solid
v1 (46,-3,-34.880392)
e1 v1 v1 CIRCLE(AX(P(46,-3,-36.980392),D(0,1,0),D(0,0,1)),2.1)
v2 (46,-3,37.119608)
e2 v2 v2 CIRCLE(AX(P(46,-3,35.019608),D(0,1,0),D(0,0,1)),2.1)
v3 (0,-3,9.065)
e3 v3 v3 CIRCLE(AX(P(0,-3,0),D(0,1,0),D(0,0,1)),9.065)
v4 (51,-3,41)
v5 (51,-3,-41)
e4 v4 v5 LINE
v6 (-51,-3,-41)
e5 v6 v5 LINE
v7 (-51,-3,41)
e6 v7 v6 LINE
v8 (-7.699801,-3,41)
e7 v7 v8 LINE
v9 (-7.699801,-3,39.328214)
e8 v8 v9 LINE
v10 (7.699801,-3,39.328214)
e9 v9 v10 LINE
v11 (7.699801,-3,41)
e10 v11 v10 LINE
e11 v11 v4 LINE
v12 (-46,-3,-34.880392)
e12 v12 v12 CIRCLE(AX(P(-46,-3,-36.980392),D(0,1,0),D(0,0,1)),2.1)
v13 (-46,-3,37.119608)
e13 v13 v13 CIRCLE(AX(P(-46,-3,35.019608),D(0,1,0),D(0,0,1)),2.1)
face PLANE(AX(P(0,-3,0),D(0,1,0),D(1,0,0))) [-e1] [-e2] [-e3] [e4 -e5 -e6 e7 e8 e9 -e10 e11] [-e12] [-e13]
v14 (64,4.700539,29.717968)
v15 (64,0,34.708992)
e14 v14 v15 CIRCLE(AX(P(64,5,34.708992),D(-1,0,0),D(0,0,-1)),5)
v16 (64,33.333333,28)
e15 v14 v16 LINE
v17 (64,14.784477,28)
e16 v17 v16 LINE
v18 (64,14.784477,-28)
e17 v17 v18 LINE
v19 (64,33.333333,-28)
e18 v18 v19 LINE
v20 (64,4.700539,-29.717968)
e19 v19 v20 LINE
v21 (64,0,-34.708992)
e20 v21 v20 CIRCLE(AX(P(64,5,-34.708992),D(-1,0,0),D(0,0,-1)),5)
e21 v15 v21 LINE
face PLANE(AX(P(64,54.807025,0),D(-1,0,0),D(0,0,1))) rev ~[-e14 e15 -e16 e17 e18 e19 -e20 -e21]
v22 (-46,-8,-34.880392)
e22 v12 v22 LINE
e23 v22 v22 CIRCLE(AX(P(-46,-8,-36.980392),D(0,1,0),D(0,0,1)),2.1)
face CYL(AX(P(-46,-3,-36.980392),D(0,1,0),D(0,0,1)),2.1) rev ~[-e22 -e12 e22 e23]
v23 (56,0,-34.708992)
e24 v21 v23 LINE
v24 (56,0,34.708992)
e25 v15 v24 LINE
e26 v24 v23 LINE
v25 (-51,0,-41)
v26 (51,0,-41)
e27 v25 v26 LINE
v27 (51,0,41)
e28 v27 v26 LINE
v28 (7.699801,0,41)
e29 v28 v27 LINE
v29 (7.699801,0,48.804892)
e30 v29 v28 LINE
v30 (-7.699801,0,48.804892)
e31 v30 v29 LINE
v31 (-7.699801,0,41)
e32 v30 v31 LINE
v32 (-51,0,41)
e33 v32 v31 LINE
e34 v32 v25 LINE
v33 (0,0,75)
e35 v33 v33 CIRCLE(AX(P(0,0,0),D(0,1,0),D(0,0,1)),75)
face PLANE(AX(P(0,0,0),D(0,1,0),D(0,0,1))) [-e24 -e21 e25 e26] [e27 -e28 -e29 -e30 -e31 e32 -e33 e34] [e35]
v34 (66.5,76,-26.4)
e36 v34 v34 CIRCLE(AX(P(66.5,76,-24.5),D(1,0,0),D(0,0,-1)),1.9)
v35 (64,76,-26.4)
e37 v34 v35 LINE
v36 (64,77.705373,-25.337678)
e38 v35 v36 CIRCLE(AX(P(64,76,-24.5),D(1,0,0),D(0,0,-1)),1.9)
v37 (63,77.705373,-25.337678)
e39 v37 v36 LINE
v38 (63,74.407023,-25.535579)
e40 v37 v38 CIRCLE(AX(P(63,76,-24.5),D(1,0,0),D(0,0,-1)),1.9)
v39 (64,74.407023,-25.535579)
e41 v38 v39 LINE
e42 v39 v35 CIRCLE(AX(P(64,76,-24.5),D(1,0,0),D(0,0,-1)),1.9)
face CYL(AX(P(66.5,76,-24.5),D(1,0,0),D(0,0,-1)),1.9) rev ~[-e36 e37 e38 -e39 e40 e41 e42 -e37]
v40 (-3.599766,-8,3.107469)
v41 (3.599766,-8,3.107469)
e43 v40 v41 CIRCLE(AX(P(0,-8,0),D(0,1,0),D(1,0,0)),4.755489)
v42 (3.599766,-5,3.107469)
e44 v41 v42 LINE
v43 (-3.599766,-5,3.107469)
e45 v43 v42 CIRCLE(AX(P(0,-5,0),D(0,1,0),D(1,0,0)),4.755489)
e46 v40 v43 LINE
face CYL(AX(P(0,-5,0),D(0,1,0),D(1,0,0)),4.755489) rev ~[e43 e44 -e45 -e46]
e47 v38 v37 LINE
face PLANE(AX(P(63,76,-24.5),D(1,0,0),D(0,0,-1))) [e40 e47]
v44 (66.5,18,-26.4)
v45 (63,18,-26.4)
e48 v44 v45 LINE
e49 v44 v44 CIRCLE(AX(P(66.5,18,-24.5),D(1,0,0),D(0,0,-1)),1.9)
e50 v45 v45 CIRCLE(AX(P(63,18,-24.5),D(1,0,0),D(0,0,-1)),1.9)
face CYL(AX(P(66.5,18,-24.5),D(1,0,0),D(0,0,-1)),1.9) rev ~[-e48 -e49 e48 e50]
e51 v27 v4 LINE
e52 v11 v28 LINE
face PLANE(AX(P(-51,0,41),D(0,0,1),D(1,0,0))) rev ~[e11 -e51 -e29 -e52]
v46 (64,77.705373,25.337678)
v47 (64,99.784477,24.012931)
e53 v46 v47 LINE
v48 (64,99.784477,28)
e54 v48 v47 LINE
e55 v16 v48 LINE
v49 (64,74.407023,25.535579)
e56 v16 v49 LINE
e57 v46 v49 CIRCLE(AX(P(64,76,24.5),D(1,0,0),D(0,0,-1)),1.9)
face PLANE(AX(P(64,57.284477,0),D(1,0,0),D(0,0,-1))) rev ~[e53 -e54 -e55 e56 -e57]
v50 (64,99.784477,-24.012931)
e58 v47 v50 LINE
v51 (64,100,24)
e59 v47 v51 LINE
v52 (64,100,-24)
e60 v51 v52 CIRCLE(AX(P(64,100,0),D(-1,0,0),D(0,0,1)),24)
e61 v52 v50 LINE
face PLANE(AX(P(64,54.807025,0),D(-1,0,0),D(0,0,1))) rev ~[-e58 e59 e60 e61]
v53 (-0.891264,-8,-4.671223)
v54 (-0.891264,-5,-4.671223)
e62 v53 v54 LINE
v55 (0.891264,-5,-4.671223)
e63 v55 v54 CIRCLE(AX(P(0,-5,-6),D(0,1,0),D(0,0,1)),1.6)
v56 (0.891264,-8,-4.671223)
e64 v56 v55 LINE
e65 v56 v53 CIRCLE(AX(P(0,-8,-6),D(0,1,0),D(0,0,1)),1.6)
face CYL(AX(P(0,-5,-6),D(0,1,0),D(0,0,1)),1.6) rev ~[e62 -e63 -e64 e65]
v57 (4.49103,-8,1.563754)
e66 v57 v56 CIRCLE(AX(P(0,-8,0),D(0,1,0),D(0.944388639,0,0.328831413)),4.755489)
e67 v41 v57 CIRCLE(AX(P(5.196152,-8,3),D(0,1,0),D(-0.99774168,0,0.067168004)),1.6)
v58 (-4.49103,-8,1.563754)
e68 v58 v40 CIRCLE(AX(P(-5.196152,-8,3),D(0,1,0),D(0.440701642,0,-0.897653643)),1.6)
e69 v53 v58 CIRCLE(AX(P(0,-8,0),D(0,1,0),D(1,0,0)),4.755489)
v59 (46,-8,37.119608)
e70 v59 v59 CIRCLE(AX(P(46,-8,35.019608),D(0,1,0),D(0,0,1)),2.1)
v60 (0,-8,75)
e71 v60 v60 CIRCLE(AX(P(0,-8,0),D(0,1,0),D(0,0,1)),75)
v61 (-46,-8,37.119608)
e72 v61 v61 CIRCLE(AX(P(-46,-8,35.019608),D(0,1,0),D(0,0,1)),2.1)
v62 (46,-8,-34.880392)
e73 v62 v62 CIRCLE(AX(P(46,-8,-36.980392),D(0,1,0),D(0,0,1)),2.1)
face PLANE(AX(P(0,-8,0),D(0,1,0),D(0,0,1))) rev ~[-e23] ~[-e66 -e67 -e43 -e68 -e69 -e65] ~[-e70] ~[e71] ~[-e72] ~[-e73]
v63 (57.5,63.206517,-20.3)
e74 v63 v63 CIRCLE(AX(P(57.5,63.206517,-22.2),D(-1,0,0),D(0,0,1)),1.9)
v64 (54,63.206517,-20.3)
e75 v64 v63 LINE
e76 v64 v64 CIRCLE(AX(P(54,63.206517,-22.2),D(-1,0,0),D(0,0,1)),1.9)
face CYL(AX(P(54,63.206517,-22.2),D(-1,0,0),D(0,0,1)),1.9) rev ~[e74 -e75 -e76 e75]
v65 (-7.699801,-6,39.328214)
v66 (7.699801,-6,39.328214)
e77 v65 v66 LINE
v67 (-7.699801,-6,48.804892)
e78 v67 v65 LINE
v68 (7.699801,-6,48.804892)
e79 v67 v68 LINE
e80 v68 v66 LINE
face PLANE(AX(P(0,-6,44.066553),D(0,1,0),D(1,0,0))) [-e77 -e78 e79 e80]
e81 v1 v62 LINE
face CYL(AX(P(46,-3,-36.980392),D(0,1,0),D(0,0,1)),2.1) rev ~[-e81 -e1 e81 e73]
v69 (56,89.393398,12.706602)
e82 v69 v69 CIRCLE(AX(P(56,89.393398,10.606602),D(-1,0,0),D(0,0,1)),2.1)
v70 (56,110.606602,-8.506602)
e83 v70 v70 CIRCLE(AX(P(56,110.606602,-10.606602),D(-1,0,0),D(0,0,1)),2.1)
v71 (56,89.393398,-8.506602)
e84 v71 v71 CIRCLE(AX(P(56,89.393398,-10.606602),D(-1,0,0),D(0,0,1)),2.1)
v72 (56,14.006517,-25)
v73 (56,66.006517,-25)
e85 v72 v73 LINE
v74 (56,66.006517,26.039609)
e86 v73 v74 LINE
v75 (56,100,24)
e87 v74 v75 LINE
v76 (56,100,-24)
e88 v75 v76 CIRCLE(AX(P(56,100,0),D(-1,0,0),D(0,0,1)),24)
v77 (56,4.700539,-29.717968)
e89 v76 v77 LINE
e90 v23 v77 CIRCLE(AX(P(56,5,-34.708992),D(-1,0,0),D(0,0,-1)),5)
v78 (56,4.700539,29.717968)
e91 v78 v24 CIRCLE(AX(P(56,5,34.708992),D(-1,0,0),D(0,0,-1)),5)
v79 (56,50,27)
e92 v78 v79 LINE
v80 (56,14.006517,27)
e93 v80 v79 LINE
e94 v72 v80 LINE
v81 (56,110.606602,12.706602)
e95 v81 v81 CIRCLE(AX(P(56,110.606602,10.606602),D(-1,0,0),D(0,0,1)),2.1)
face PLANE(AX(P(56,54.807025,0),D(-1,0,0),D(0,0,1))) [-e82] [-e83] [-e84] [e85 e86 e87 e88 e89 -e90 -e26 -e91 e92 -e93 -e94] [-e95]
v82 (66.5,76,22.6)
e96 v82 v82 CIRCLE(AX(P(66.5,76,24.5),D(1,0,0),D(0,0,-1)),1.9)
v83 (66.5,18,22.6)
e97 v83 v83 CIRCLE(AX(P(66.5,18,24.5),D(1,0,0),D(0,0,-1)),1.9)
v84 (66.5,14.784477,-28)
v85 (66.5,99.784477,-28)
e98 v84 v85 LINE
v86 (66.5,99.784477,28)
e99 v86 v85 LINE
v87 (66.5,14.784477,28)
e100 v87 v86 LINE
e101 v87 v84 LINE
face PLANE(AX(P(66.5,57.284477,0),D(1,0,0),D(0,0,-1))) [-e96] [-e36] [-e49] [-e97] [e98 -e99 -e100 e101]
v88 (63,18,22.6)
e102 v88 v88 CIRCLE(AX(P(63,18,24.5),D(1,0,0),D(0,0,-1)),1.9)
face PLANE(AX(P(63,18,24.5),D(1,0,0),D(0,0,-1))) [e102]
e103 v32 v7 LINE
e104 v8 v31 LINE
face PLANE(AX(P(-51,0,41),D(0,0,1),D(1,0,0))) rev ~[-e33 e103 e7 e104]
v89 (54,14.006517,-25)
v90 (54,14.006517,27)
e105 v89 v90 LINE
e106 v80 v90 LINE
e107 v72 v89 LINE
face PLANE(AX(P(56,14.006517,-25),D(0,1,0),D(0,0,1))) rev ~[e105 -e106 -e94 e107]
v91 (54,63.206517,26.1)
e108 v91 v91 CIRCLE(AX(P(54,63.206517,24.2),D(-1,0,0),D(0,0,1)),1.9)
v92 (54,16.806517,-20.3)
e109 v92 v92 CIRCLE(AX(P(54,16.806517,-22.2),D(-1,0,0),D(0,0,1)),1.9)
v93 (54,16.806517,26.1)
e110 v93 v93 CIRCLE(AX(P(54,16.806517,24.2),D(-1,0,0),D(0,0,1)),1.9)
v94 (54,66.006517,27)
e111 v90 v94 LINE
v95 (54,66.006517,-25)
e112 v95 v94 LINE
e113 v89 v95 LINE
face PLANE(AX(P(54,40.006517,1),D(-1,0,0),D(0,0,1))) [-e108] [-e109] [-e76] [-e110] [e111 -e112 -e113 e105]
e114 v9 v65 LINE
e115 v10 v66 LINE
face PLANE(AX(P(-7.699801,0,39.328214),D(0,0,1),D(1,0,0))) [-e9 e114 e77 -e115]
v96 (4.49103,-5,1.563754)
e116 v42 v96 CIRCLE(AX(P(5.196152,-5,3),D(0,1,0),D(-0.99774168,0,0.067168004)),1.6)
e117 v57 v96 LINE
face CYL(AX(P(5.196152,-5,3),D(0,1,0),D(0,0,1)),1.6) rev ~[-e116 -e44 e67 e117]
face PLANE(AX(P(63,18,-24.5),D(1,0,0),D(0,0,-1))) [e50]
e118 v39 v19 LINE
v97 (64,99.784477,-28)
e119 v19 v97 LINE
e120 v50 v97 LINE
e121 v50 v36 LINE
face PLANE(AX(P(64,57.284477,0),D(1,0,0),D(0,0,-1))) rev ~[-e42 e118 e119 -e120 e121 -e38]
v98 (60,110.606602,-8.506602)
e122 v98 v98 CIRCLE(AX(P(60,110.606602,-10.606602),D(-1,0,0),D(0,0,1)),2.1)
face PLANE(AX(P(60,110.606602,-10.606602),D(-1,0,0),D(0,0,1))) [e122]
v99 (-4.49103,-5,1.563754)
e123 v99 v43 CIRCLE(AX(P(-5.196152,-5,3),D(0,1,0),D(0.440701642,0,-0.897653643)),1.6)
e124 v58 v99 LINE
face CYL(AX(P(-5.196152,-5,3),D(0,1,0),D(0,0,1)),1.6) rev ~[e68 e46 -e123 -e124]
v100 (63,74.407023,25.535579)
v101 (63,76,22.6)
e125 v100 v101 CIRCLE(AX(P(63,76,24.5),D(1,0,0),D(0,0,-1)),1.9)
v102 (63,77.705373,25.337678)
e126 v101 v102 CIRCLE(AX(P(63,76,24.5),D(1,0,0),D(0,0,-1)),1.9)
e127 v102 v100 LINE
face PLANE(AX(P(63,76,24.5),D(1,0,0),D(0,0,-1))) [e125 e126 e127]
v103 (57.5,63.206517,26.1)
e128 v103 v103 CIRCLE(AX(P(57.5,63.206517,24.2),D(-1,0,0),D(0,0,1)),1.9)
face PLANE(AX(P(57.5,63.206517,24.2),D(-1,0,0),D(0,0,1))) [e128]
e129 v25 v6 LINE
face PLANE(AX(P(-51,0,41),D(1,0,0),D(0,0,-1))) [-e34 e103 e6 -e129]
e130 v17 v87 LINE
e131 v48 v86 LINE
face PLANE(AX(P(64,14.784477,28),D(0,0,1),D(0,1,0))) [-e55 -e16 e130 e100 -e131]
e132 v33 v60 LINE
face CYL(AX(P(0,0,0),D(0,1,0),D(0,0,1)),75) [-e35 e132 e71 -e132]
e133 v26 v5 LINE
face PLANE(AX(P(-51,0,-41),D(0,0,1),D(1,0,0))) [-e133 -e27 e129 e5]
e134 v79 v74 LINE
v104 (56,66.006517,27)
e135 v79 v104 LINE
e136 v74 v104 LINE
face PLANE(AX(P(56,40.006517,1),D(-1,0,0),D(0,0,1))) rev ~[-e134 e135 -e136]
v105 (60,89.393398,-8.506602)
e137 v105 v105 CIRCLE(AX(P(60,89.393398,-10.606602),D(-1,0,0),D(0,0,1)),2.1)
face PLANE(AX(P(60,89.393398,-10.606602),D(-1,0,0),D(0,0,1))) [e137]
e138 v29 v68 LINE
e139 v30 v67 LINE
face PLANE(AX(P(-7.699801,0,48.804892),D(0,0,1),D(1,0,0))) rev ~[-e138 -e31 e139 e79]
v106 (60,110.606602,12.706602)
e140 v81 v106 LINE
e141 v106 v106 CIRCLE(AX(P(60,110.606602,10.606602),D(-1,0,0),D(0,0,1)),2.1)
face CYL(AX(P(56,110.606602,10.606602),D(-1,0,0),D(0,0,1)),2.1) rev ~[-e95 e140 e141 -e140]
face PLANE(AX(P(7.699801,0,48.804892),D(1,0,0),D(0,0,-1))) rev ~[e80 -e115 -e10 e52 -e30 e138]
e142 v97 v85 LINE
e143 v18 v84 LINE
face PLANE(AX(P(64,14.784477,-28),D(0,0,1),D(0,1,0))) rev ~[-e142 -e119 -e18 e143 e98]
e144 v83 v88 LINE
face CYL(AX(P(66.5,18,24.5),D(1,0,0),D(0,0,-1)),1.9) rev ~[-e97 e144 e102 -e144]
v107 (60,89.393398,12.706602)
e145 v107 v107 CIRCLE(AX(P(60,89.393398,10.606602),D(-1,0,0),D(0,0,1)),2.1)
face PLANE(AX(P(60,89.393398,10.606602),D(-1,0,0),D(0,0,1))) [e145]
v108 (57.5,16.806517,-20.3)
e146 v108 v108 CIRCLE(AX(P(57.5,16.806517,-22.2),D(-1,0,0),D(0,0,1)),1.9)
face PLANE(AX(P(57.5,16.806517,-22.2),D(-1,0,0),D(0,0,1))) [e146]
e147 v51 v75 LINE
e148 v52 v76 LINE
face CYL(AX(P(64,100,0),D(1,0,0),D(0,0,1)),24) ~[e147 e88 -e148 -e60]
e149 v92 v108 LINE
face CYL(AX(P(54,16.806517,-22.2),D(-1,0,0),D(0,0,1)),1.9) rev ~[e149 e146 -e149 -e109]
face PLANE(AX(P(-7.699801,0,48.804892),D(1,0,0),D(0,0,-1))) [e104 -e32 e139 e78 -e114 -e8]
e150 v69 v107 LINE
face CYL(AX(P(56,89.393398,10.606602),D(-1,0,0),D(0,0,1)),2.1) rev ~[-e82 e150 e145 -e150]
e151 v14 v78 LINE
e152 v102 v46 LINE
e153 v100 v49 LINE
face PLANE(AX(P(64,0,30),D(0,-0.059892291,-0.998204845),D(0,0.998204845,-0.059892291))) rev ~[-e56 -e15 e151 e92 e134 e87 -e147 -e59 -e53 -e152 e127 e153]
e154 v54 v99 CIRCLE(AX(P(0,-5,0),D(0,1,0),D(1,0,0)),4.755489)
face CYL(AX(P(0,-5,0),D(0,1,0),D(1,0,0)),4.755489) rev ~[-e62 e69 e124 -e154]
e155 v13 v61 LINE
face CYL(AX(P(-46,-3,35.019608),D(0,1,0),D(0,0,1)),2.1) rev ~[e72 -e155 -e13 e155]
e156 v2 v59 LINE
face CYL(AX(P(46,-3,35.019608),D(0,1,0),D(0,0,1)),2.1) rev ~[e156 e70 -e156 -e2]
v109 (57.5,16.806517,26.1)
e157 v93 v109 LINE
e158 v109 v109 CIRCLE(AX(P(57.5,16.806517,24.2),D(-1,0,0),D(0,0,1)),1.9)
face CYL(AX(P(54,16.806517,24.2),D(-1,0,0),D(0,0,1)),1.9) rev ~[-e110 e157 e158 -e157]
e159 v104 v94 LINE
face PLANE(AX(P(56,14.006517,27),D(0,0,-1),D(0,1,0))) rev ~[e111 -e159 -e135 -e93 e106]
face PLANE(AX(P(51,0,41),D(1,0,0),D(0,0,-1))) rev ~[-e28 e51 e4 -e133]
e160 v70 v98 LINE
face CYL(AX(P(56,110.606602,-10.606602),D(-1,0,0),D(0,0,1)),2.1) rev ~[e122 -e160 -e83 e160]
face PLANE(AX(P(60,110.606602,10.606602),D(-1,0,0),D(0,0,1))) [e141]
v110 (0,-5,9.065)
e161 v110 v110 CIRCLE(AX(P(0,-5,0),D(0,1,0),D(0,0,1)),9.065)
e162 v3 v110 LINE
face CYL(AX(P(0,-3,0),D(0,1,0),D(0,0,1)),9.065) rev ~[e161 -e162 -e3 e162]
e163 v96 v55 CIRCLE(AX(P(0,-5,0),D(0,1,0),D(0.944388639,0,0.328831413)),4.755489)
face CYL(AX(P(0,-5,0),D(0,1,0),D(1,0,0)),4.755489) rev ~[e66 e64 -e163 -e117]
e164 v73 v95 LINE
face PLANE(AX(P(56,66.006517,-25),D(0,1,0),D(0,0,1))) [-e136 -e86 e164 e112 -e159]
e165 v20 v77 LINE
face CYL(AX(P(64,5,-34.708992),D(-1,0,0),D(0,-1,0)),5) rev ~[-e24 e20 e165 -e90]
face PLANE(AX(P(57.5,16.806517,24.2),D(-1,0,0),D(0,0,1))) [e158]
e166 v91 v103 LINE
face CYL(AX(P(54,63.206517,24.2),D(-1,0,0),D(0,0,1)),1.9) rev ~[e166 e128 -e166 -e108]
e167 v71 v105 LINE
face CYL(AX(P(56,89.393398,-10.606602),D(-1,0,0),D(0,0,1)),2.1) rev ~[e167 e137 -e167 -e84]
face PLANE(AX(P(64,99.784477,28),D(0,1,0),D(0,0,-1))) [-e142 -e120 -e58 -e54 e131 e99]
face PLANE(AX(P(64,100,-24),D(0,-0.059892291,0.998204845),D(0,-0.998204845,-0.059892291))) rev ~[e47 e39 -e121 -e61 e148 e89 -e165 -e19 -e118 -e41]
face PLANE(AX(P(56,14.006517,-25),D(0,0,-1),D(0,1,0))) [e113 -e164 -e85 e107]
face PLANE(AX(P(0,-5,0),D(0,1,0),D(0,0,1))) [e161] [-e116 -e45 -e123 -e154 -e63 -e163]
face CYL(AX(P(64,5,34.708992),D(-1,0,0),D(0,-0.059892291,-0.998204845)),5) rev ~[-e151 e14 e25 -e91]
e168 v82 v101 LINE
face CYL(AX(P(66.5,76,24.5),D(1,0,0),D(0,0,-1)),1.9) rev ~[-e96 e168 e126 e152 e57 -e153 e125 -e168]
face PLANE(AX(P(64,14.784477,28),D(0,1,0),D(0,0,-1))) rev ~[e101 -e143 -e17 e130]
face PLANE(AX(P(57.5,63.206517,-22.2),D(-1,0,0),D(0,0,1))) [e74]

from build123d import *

# Parameters (mm, degrees)
SKETCH_1_R           = 75
EXTRUDE_2_DEPTH      = 8
SKETCH_1_6_W         = 102
SKETCH_1_6_H         = 82
CUT_EXTRUDE_3_DEPTH  = 3
SKETCH_2_R           = 9.065
CUT_EXTRUDE_4_DEPTH  = 2
SKETCH_3_R           = 1.6
CUT_EXTRUDE_5_DEPTH  = 10
SKETCH_11_R          = 4.755489011
CUT_EXTRUDE_6_DEPTH  = 10
SKETCH_12_R          = 2.1
CUT_EXTRUDE_7_DEPTH  = 10
SKETCH_21_W          = 15.39960192
SKETCH_21_H          = 9.476678105
CUT_EXTRUDE_8_DEPTH  = 6
EXTRUDE_5_DEPTH      = 8
SKETCH_30_W          = 56
SKETCH_30_H          = 85
EXTRUDE_6_DEPTH      = 2.5
SKETCH_31_R          = 1.9
CUT_EXTRUDE_10_DEPTH = 3.5
FILLET_1_R           = 5
SKETCH_40_W          = 52
SKETCH_40_H          = 52
EXTRUDE_7_DEPTH      = 2
SKETCH_42_R          = 1.9
CUT_EXTRUDE_11_DEPTH = 3.5
SKETCH_52_R          = 2.1
CUT_EXTRUDE_12_DEPTH = 4


with BuildPart() as part:
    # 草图1 → 凸台-拉伸2 (new body)
    with BuildSketch(Plane(origin=(0, 0, 0), x_dir=(1, 0, 0), z_dir=(0, 1, 0))):
        Circle(SKETCH_1_R)
    extrude(amount=-EXTRUDE_2_DEPTH)

    # 草图1<6> → 切除-拉伸3 (cut)
    with BuildSketch(Plane(origin=(0, 0, 0), x_dir=(1, 0, 0), z_dir=(0, 1, 0))):
        Rectangle(SKETCH_1_6_W, SKETCH_1_6_H)
    extrude(amount=-CUT_EXTRUDE_3_DEPTH, mode=Mode.SUBTRACT)

    # 草图2 → 切除-拉伸4 (cut)
    with BuildSketch(Plane(origin=(0, -3, 0), x_dir=(1, 0, 0), z_dir=(0, 1, 0))):
        Circle(SKETCH_2_R)
    extrude(amount=-CUT_EXTRUDE_4_DEPTH, mode=Mode.SUBTRACT)

    # 草图3 → 切除-拉伸5 (cut)
    with BuildSketch(Plane(origin=(0, -5, 0), x_dir=(1, 0, 0), z_dir=(0, 1, 0))):
        with Locations((0, 6)):
            Circle(SKETCH_3_R)
        with Locations((5.196152423, -3)):
            Circle(SKETCH_3_R)
        with Locations((-5.196152423, -3)):
            Circle(SKETCH_3_R)
    extrude(amount=-CUT_EXTRUDE_5_DEPTH, mode=Mode.SUBTRACT)

    # 草图11 → 切除-拉伸6 (cut)
    with BuildSketch(Plane(origin=(0, -5, 0), x_dir=(1, 0, 0), z_dir=(0, 1, 0))):
        Circle(SKETCH_11_R)
    extrude(amount=-CUT_EXTRUDE_6_DEPTH, mode=Mode.SUBTRACT)

    # 草图12 → 切除-拉伸7 (cut)
    with BuildSketch(Plane(origin=(0, -3, 0), x_dir=(1, 0, 0), z_dir=(0, 1, 0))):
        with Locations((-46, 36.980392157)):
            Circle(SKETCH_12_R)
        with Locations((46, 36.980392157)):
            Circle(SKETCH_12_R)
        with Locations((46, -35.019607843)):
            Circle(SKETCH_12_R)
        with Locations((-46, -35.019607843)):
            Circle(SKETCH_12_R)
    extrude(amount=-CUT_EXTRUDE_7_DEPTH, mode=Mode.SUBTRACT)

    # 草图21 → 切除-拉伸8 (cut)
    with BuildSketch(Plane(origin=(0, 0, 0), x_dir=(1, 0, 0), z_dir=(0, 1, 0))):
        with Locations((0, -44.066553185)):
            Rectangle(SKETCH_21_W, SKETCH_21_H)
    extrude(amount=-CUT_EXTRUDE_8_DEPTH, mode=Mode.SUBTRACT)

    # 草图24 → 凸台-拉伸5 (add)
    with BuildSketch(Plane.ZY.offset(-64)):
        with BuildLine():
            Line((-24, 100), (-30, 0))
            Line((-30, 0), (30, 0))
            Line((30, 0), (24, 100))
            ThreePointArc((24, 100), (0, 124), (-24, 100))
        make_face()
    extrude(amount=EXTRUDE_5_DEPTH)

    # 草图30 → 凸台-拉伸6 (add)
    with BuildSketch(Plane(origin=(64, 0, 0), x_dir=(0, 0, -1), z_dir=(1, 0, 0))):
        with Locations((0, 57.284476884)):
            Rectangle(SKETCH_30_W, SKETCH_30_H)
    extrude(amount=EXTRUDE_6_DEPTH)

    # 草图31 → 切除-拉伸10 (cut)
    with BuildSketch(Plane(origin=(66.5, 0, 0), x_dir=(0, 0, -1), z_dir=(1, 0, 0))):
        with Locations((-24.5, 18)):
            Circle(SKETCH_31_R)
        with Locations((24.5, 18)):
            Circle(SKETCH_31_R)
        with Locations((24.5, 76)):
            Circle(SKETCH_31_R)
        with Locations((-24.5, 76)):
            Circle(SKETCH_31_R)
    extrude(amount=-CUT_EXTRUDE_10_DEPTH, mode=Mode.SUBTRACT)

    # 圆角1
    fillet_1_edges = [part.edges().sort_by_distance(p)[0] for p in [
        (60, 0, 30),
        (60, 0, -30),
    ]]
    fillet(fillet_1_edges, radius=FILLET_1_R)

    # 草图40 → 凸台-拉伸7 (add)
    with BuildSketch(Plane.ZY.offset(-56)):
        with Locations((1, 40.006516634)):
            Rectangle(SKETCH_40_W, SKETCH_40_H)
    extrude(amount=EXTRUDE_7_DEPTH)

    # 草图42 → 切除-拉伸11 (cut)
    with BuildSketch(Plane.ZY.offset(-54)):
        with Locations((-22.2, 63.206516634)):
            Circle(SKETCH_42_R)
        with Locations((24.2, 63.206516634)):
            Circle(SKETCH_42_R)
        with Locations((-22.2, 16.806516634)):
            Circle(SKETCH_42_R)
        with Locations((24.2, 16.806516634)):
            Circle(SKETCH_42_R)
    extrude(amount=-CUT_EXTRUDE_11_DEPTH, mode=Mode.SUBTRACT)

    # 草图52 → 切除-拉伸12 (cut)
    with BuildSketch(Plane.ZY.offset(-56)):
        with Locations((10.606601718, 110.606601718)):
            Circle(SKETCH_52_R)
        with Locations((10.606601718, 89.393398282)):
            Circle(SKETCH_52_R)
        with Locations((-10.606601718, 89.393398282)):
            Circle(SKETCH_52_R)
        with Locations((-10.606601718, 110.606601718)):
            Circle(SKETCH_52_R)
    extrude(amount=-CUT_EXTRUDE_12_DEPTH, mode=Mode.SUBTRACT)


solid = part.part
